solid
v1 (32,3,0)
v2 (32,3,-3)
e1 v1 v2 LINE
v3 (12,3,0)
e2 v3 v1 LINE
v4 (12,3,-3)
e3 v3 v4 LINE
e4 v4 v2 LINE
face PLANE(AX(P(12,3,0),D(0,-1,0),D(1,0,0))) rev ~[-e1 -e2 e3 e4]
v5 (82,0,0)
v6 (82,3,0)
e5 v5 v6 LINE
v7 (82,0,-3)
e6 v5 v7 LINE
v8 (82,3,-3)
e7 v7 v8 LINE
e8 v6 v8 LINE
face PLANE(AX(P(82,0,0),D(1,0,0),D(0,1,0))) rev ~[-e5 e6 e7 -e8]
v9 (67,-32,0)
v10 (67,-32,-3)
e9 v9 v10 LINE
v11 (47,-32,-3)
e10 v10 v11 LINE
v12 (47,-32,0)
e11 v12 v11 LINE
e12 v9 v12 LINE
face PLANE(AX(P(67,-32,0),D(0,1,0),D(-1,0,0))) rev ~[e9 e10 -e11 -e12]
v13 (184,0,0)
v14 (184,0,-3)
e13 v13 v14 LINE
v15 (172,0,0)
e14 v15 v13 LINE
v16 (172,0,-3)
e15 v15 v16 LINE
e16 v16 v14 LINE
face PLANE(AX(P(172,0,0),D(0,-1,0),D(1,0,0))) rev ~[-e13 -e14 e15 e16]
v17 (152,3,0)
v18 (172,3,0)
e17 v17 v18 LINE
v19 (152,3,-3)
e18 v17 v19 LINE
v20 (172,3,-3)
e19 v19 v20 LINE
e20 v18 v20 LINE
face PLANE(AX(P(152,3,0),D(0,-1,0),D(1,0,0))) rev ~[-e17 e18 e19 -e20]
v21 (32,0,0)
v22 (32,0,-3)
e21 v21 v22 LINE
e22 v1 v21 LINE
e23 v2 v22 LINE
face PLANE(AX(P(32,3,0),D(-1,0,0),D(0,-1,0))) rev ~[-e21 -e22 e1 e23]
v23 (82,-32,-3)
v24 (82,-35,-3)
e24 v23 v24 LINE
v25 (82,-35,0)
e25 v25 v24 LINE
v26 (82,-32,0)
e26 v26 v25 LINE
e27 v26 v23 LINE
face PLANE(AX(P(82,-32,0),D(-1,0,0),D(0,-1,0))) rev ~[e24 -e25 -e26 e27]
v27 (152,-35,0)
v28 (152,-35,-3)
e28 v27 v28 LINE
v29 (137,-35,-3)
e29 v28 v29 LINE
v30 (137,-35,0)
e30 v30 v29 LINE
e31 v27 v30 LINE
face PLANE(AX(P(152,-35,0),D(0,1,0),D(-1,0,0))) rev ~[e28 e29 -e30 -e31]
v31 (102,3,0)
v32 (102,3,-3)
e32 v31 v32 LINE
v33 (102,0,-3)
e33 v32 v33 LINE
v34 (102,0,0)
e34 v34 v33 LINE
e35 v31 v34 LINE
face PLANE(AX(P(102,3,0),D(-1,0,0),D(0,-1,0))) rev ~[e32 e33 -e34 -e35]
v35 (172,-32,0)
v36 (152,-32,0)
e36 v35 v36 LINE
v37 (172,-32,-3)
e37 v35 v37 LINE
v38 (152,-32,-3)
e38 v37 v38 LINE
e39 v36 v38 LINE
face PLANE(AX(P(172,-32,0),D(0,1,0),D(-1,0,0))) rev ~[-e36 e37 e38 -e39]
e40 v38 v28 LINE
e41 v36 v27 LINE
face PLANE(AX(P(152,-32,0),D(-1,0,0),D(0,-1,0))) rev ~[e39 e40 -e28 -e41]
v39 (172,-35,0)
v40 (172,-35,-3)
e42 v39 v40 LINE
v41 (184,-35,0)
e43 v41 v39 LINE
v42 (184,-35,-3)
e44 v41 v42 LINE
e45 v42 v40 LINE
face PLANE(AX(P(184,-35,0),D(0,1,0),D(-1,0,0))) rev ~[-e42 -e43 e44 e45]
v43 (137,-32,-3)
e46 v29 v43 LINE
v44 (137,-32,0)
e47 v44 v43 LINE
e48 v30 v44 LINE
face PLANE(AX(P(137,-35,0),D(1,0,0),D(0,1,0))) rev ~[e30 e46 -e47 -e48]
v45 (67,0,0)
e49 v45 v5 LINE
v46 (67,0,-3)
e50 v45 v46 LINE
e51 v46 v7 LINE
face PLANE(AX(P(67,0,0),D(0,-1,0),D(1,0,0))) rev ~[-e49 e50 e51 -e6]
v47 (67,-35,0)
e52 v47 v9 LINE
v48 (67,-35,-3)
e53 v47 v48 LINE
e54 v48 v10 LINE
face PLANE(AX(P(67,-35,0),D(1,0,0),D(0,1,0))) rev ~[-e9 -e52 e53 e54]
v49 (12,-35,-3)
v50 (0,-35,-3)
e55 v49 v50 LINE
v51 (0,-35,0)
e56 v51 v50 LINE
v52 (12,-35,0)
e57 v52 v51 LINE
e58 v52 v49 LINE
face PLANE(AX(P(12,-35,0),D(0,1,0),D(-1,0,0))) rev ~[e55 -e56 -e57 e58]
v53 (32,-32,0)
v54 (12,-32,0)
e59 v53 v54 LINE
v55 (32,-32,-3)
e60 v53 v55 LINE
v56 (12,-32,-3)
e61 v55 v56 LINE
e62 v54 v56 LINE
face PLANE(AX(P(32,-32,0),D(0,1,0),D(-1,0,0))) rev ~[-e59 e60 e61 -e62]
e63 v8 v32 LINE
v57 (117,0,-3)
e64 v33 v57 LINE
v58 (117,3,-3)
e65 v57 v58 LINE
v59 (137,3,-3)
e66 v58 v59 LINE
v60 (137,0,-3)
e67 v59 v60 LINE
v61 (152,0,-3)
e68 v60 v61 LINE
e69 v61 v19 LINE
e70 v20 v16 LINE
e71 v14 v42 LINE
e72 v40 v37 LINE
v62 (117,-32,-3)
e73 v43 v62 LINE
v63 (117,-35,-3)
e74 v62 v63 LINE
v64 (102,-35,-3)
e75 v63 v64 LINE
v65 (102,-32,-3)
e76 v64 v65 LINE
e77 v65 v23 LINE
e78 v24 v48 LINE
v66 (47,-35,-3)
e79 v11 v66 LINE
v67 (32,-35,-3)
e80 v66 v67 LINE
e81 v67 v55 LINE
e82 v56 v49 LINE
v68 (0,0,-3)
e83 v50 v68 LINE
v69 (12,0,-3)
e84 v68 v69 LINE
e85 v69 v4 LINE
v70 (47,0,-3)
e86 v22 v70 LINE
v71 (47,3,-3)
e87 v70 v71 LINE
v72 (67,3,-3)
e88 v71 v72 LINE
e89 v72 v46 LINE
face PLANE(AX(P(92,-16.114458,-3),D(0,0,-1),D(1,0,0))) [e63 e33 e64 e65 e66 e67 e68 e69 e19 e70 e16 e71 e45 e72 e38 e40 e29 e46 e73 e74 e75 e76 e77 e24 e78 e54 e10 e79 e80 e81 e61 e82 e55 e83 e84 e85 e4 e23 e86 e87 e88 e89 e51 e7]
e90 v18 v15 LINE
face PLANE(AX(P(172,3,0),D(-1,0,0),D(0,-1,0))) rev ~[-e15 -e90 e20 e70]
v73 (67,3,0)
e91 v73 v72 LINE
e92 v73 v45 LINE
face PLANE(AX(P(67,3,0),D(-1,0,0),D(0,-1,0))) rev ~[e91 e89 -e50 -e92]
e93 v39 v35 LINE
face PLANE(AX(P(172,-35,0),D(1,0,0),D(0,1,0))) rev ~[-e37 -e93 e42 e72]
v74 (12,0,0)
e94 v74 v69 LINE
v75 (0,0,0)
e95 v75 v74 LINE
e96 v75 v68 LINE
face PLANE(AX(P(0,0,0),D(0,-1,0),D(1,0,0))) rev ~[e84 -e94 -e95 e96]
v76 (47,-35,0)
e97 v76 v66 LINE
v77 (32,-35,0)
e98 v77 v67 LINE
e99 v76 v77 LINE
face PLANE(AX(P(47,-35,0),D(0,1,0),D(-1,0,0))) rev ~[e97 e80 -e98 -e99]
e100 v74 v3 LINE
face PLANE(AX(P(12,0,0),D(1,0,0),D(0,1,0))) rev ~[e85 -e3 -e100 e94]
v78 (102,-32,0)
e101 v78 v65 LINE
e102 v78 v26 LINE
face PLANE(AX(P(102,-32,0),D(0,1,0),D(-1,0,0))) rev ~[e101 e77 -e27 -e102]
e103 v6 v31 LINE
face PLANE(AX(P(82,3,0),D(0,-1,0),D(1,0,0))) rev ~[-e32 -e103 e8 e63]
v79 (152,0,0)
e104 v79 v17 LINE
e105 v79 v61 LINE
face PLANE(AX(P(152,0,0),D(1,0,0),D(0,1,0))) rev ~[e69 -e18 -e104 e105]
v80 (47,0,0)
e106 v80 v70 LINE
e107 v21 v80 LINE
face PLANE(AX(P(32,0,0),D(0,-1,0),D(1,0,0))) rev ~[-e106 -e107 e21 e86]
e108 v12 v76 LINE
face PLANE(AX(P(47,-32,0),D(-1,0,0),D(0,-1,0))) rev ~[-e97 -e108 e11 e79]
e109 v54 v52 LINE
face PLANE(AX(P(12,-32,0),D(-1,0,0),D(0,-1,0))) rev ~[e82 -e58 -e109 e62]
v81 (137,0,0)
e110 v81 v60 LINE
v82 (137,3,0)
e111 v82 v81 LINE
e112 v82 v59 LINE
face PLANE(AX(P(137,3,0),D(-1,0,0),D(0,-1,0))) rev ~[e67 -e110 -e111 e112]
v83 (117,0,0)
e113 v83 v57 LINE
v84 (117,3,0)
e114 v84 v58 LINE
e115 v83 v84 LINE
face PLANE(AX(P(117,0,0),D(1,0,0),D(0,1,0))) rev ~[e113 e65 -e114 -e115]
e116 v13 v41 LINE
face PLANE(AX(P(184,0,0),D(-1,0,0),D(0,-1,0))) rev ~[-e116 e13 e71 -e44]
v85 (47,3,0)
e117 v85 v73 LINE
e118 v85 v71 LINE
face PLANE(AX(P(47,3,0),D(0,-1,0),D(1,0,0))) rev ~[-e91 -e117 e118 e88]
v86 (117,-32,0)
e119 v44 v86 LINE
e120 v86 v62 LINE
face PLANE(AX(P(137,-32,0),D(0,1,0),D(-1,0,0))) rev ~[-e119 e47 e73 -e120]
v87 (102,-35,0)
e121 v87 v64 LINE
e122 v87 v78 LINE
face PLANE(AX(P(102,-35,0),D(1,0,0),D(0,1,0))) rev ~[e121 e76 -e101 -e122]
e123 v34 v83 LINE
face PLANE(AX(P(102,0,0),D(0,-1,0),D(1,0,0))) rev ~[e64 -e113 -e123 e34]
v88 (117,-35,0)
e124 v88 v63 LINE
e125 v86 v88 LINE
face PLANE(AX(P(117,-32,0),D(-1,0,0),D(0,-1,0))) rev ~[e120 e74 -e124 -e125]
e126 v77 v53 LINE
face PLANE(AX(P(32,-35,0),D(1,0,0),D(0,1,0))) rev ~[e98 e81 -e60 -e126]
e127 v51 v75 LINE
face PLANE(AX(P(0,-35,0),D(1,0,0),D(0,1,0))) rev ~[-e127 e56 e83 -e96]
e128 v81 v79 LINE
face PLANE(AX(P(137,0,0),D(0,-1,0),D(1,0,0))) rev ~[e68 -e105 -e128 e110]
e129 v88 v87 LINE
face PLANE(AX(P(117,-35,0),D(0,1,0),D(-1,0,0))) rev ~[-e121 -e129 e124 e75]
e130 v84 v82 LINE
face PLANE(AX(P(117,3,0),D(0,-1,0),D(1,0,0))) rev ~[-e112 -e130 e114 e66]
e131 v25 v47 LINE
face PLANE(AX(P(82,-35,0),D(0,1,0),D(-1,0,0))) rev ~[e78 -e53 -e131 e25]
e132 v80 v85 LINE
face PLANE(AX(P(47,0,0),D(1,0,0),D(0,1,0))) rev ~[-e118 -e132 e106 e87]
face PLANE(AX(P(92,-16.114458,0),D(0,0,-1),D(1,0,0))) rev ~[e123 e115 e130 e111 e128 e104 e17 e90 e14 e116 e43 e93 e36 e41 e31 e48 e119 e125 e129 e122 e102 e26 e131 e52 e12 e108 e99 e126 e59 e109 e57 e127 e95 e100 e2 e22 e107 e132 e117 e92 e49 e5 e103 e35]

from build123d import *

# Parameters (mm, degrees)
BOSS_EXTRUDE1_DEPTH = 3


with BuildPart() as part:
    # Sketch1 → Boss-Extrude1 (new body)
    with BuildSketch(Plane(origin=(0, 0, 0), x_dir=(1, 0, 0), z_dir=(0, 0, -1))):
        Polygon((32, 0), (47, 0), (47, -3), (67, -3), (67, 0), (82, 0), (82, -3), (102, -3), (102, 0), (117, 0), (117, -3), (137, -3), (137, 0), (152, 0), (152, -3), (172, -3), (172, 0), (184, 0), (184, 35), (172, 35), (172, 32), (152, 32), (152, 35), (137, 35), (137, 32), (117, 32), (117, 35), (102, 35), (102, 32), (82, 32), (82, 35), (67, 35), (67, 32), (47, 32), (47, 35), (32, 35), (32, 32), (12, 32), (12, 35), (0, 35), (0, 0), (12, 0), (12, -3), (32, -3), align=None)
    extrude(amount=BOSS_EXTRUDE1_DEPTH)


solid = part.part
